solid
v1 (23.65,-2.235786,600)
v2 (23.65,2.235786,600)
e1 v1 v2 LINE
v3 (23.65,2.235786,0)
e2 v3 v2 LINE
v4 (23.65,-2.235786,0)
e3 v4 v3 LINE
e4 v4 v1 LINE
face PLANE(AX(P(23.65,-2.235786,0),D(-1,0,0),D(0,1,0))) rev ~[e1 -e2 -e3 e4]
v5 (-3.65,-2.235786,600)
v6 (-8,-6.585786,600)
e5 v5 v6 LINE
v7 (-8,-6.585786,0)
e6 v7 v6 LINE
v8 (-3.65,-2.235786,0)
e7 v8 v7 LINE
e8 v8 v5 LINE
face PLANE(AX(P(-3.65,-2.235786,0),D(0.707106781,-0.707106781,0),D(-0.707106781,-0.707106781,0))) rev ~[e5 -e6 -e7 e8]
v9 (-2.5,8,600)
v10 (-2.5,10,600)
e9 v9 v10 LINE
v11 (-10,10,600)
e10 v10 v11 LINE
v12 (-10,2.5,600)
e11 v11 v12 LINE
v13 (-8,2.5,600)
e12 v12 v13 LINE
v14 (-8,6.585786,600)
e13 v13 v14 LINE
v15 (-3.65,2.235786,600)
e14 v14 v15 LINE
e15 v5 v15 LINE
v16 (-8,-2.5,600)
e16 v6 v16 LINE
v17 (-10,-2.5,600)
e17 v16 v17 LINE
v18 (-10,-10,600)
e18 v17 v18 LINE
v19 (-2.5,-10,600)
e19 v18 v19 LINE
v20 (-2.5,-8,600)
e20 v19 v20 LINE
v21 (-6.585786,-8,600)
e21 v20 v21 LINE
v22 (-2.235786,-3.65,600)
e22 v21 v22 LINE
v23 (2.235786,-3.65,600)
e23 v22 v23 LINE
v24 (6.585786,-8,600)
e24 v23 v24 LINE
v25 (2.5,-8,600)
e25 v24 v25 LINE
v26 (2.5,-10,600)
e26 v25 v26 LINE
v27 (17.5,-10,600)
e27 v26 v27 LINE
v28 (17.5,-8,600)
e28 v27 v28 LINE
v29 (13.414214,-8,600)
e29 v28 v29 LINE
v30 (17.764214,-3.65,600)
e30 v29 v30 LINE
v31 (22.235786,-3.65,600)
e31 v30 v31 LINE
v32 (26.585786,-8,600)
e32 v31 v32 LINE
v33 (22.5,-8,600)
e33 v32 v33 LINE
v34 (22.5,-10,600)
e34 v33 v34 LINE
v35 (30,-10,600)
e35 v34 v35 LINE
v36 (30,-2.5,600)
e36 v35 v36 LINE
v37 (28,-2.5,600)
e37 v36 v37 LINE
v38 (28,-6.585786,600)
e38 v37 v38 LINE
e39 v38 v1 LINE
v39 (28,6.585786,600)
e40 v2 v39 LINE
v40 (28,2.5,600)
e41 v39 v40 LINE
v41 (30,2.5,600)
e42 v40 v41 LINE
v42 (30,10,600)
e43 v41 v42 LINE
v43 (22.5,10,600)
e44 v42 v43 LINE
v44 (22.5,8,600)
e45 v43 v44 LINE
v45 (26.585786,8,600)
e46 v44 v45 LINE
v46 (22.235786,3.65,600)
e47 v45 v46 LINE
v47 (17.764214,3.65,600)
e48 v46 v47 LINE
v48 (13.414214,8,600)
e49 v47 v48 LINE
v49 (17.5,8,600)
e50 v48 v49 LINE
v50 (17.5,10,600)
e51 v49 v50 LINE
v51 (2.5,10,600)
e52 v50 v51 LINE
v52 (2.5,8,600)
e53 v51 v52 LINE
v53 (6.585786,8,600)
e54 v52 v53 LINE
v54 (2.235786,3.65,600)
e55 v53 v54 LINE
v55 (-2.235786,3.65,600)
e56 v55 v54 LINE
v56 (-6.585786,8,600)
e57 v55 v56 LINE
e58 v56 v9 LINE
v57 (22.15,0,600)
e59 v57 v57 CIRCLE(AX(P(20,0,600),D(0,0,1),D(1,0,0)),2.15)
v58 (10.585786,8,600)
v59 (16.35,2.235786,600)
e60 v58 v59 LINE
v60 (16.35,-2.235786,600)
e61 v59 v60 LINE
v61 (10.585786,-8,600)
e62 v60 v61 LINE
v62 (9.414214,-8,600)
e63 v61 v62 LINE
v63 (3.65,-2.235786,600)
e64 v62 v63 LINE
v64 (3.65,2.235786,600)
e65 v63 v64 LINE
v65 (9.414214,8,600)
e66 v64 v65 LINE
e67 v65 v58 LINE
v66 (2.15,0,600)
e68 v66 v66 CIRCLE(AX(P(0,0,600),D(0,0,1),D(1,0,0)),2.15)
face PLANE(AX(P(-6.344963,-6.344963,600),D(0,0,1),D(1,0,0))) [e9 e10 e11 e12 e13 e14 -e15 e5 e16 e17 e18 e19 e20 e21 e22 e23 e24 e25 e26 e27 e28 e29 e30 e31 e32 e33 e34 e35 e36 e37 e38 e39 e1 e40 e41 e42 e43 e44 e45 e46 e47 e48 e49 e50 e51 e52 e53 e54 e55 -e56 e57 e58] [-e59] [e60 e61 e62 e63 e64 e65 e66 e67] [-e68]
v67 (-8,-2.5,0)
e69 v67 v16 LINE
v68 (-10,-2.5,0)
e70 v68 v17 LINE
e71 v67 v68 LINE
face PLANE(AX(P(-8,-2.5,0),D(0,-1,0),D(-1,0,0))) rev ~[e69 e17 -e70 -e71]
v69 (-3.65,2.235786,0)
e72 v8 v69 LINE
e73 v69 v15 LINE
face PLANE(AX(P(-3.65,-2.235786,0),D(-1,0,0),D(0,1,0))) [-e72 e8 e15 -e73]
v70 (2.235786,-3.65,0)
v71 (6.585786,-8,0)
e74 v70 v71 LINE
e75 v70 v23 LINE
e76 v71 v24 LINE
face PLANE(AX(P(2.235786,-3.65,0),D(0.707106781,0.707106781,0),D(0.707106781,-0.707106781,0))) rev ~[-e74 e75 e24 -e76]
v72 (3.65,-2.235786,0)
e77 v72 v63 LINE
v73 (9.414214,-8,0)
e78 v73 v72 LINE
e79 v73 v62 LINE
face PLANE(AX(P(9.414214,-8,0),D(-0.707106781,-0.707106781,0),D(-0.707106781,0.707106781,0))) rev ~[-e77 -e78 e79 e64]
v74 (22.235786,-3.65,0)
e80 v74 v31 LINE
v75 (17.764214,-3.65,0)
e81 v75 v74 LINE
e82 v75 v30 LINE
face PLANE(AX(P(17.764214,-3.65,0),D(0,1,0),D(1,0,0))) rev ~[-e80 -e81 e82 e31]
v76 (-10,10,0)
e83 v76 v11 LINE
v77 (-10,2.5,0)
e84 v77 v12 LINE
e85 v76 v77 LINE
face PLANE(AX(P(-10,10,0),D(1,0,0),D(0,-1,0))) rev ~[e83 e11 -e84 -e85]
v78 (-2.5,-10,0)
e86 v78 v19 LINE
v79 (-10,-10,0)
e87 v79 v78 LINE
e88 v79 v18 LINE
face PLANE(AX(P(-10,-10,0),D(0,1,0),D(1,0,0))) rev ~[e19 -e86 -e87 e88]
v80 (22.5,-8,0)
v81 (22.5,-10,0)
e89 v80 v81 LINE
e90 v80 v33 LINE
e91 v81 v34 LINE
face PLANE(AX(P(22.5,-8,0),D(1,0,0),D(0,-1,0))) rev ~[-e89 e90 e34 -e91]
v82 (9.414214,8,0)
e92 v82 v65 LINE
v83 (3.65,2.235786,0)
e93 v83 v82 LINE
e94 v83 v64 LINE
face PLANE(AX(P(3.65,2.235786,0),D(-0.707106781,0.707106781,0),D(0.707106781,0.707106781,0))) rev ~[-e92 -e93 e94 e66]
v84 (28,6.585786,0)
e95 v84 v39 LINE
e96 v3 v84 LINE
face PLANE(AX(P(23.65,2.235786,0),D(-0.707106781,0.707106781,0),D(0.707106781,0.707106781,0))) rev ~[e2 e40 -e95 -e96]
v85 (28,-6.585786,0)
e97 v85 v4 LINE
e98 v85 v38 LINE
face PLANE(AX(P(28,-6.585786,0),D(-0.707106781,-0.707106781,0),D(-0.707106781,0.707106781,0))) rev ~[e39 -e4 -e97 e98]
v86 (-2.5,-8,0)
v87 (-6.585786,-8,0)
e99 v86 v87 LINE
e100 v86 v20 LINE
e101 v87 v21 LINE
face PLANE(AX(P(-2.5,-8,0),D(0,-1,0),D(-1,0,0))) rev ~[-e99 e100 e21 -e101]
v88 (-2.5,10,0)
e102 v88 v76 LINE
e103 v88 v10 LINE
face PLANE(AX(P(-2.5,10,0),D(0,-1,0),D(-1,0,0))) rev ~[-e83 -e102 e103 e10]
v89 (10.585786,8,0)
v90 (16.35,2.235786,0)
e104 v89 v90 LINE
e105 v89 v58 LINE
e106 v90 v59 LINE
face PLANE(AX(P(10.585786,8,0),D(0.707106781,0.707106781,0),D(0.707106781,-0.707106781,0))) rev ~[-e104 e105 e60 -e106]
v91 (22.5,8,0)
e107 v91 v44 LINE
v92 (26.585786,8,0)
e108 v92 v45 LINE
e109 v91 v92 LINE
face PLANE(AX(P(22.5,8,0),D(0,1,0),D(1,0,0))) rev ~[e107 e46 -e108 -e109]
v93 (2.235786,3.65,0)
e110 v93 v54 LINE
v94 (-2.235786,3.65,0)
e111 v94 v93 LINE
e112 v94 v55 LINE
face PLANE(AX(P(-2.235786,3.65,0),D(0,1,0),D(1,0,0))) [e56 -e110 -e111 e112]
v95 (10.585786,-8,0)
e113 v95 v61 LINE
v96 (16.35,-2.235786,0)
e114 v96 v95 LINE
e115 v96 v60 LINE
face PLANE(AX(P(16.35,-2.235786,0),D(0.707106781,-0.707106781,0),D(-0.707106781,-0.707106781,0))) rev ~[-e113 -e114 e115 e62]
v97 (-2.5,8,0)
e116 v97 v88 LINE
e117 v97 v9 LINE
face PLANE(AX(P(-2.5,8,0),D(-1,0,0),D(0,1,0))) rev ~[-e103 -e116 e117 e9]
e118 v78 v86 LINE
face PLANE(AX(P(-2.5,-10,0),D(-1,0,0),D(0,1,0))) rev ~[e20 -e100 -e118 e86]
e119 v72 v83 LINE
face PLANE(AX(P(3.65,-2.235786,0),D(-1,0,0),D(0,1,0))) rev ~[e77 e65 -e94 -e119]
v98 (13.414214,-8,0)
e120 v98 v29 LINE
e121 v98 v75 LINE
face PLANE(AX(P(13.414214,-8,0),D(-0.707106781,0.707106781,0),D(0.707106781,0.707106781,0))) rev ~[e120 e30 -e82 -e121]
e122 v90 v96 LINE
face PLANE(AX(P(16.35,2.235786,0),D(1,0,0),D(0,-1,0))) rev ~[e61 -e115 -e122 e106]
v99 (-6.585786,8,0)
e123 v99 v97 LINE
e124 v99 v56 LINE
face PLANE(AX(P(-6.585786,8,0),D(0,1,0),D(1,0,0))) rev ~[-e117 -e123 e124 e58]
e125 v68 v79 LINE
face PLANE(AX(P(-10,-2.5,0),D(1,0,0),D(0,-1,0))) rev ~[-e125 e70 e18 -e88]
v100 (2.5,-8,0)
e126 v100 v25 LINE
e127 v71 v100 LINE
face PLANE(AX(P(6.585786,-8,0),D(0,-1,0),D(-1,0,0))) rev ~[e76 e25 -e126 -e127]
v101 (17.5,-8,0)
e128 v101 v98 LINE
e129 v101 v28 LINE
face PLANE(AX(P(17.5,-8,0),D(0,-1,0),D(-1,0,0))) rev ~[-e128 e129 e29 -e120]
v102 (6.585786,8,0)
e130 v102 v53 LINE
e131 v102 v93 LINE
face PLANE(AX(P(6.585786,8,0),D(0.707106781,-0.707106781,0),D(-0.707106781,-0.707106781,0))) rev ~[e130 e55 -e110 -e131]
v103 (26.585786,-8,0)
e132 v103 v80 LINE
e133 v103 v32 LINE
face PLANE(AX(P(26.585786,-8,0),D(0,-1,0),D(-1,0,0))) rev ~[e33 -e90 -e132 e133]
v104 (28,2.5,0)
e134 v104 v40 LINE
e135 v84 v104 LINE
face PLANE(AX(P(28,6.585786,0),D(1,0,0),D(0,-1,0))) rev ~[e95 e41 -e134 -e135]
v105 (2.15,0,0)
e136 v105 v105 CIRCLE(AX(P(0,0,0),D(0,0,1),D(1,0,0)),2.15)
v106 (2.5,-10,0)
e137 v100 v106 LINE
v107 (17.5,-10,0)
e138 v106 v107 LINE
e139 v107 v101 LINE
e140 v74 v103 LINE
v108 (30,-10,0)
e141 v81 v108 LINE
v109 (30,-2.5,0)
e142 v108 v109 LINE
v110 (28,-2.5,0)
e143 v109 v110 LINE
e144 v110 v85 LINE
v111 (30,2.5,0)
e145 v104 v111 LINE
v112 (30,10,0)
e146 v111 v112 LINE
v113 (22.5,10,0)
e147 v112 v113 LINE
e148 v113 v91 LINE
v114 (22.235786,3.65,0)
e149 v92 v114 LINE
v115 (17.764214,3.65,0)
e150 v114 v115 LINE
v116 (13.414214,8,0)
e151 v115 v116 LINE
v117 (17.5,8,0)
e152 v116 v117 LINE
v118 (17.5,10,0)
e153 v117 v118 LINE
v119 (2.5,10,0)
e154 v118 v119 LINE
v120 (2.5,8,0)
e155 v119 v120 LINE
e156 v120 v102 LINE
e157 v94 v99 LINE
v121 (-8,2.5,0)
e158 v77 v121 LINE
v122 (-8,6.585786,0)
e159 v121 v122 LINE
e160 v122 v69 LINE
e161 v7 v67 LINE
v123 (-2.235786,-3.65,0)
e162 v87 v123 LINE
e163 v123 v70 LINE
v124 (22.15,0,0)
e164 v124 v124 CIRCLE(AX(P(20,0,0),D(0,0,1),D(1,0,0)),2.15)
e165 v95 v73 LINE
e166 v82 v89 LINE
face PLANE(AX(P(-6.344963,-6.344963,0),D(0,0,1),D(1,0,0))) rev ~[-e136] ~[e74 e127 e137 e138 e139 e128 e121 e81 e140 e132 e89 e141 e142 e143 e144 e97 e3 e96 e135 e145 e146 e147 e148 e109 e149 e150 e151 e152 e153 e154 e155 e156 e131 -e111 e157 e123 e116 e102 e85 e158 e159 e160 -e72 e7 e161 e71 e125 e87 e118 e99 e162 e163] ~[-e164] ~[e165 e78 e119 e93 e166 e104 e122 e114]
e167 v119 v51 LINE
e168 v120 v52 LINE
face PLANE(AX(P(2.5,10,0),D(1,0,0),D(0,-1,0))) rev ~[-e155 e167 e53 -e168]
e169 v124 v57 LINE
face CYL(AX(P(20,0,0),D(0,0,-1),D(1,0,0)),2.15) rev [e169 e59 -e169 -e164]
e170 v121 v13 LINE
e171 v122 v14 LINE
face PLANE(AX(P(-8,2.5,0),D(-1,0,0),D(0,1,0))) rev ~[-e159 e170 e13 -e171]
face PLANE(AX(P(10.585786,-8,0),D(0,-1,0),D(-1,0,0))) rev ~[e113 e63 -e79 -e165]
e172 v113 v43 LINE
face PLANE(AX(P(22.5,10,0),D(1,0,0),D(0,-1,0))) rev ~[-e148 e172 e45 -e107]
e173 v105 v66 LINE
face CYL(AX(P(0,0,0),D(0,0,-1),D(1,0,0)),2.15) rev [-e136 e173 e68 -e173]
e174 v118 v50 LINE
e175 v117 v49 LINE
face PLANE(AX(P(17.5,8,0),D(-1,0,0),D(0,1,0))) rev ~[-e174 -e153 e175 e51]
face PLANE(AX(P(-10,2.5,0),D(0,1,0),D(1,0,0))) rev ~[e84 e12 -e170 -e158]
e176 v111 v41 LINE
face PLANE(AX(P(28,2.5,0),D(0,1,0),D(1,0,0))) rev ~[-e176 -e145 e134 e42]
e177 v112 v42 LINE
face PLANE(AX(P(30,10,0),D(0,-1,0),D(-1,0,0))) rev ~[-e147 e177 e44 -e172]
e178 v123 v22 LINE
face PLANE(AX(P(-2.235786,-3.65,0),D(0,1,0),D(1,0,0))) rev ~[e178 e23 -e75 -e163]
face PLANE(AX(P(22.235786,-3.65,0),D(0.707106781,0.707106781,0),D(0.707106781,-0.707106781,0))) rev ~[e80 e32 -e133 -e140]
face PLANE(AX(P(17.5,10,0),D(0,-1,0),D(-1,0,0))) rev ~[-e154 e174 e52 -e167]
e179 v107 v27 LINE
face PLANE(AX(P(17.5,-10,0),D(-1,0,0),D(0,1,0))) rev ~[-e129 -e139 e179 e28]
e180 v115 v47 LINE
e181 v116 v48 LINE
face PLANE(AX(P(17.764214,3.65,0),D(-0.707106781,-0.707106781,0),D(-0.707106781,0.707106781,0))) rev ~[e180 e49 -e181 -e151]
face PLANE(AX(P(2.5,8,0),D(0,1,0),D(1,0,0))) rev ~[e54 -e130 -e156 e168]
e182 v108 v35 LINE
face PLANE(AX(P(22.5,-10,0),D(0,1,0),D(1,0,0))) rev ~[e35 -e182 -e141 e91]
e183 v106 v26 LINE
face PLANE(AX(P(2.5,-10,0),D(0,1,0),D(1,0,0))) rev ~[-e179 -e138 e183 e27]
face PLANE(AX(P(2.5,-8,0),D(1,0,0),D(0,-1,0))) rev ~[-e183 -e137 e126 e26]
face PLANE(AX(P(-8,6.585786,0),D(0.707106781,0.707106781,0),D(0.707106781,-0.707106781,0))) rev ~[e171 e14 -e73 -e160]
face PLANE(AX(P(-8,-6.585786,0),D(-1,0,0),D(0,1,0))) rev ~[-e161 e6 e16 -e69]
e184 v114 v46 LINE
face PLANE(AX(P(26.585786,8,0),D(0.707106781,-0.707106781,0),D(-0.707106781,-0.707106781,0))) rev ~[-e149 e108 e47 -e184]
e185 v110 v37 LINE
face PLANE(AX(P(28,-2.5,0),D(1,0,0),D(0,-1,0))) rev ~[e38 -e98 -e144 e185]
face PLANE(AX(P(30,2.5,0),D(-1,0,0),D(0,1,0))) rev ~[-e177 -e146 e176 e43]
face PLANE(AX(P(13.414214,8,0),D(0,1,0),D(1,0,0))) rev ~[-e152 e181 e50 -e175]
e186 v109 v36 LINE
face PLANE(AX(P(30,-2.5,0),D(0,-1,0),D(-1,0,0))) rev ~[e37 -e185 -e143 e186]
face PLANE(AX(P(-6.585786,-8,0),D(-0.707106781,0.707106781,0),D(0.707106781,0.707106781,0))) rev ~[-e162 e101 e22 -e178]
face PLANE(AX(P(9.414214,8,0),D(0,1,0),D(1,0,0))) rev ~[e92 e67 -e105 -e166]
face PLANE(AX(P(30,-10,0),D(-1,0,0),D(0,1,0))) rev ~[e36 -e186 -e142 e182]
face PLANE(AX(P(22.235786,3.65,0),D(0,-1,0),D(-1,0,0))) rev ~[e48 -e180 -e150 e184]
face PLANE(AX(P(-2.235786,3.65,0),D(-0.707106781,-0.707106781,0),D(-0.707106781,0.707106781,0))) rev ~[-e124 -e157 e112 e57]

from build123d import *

# Parameters (mm, degrees)
ESQUISSE1_W        = 7.3
ESQUISSE1_H        = 7.3
ESQUISSE1_R        = 2.15
BOSS_EXTRU_2_DEPTH = 600


with BuildPart() as part:
    # Esquisse1 → Boss.-Extru.2 (new body)
    with BuildSketch(Plane.XY):
        Polygon((-8, -2.5), (-10, -2.5), (-10, -10), (-2.5, -10), (-2.5, -8), (-6.585786438, -8), (-2.235786438, -3.65), (-3.65, -3.65), (-3.65, -2.235786438), (-8, -6.585786438), align=None)
        Polygon((2.5, -8), (2.5, -10), (10, -10), (10, -8), (9.414213562, -8), (8, -6.585786438), (3.65, -2.235786438), (3.65, -3.65), (2.235786438, -3.65), (6.585786438, -8), align=None)
        Rectangle(ESQUISSE1_W, ESQUISSE1_H)
        Circle(ESQUISSE1_R, mode=Mode.SUBTRACT)
        Polygon((10, 10), (2.5, 10), (2.5, 8), (6.585786438, 8), (2.235786438, 3.65), (3.65, 3.65), (3.65, 2.235786438), (8, 6.585786438), (9.414213562, 8), (10, 8), align=None)
        Polygon((17.5, 10), (10, 10), (10, 8), (10.585786438, 8), (12, 6.585786438), (16.35, 2.235786438), (16.35, 3.65), (17.764213562, 3.65), (13.414213562, 8), (17.5, 8), align=None)
        Polygon((-2.5, 10), (-10, 10), (-10, 2.5), (-8, 2.5), (-8, 6.585786438), (-3.65, 2.235786438), (-3.65, 3.65), (-2.235786438, 3.65), (-6.585786438, 8), (-2.5, 8), align=None)
        Polygon((10, -8), (10, -10), (17.5, -10), (17.5, -8), (13.414213562, -8), (17.764213562, -3.65), (16.35, -3.65), (16.35, -2.235786438), (12, -6.585786438), (10.585786438, -8), align=None)
        Polygon((22.235786438, 3.65), (17.764213562, 3.65), (16.35, 3.65), (16.35, 2.235786438), (16.35, -2.235786438), (16.35, -3.65), (17.764213562, -3.65), (22.235786438, -3.65), (23.65, -3.65), (23.65, -2.235786438), (23.65, 2.235786438), (23.65, 3.65), align=None)
        with Locations((20, 0)):
            Circle(ESQUISSE1_R, mode=Mode.SUBTRACT)
        Polygon((30, 10), (22.5, 10), (22.5, 8), (26.585786438, 8), (22.235786438, 3.65), (23.65, 3.65), (23.65, 2.235786438), (28, 6.585786438), (28, 2.5), (30, 2.5), align=None)
        Polygon((30, -10), (30, -2.5), (28, -2.5), (28, -6.585786438), (23.65, -2.235786438), (23.65, -3.65), (22.235786438, -3.65), (26.585786438, -8), (22.5, -8), (22.5, -10), align=None)
    extrude(amount=BOSS_EXTRU_2_DEPTH)


solid = part.part
